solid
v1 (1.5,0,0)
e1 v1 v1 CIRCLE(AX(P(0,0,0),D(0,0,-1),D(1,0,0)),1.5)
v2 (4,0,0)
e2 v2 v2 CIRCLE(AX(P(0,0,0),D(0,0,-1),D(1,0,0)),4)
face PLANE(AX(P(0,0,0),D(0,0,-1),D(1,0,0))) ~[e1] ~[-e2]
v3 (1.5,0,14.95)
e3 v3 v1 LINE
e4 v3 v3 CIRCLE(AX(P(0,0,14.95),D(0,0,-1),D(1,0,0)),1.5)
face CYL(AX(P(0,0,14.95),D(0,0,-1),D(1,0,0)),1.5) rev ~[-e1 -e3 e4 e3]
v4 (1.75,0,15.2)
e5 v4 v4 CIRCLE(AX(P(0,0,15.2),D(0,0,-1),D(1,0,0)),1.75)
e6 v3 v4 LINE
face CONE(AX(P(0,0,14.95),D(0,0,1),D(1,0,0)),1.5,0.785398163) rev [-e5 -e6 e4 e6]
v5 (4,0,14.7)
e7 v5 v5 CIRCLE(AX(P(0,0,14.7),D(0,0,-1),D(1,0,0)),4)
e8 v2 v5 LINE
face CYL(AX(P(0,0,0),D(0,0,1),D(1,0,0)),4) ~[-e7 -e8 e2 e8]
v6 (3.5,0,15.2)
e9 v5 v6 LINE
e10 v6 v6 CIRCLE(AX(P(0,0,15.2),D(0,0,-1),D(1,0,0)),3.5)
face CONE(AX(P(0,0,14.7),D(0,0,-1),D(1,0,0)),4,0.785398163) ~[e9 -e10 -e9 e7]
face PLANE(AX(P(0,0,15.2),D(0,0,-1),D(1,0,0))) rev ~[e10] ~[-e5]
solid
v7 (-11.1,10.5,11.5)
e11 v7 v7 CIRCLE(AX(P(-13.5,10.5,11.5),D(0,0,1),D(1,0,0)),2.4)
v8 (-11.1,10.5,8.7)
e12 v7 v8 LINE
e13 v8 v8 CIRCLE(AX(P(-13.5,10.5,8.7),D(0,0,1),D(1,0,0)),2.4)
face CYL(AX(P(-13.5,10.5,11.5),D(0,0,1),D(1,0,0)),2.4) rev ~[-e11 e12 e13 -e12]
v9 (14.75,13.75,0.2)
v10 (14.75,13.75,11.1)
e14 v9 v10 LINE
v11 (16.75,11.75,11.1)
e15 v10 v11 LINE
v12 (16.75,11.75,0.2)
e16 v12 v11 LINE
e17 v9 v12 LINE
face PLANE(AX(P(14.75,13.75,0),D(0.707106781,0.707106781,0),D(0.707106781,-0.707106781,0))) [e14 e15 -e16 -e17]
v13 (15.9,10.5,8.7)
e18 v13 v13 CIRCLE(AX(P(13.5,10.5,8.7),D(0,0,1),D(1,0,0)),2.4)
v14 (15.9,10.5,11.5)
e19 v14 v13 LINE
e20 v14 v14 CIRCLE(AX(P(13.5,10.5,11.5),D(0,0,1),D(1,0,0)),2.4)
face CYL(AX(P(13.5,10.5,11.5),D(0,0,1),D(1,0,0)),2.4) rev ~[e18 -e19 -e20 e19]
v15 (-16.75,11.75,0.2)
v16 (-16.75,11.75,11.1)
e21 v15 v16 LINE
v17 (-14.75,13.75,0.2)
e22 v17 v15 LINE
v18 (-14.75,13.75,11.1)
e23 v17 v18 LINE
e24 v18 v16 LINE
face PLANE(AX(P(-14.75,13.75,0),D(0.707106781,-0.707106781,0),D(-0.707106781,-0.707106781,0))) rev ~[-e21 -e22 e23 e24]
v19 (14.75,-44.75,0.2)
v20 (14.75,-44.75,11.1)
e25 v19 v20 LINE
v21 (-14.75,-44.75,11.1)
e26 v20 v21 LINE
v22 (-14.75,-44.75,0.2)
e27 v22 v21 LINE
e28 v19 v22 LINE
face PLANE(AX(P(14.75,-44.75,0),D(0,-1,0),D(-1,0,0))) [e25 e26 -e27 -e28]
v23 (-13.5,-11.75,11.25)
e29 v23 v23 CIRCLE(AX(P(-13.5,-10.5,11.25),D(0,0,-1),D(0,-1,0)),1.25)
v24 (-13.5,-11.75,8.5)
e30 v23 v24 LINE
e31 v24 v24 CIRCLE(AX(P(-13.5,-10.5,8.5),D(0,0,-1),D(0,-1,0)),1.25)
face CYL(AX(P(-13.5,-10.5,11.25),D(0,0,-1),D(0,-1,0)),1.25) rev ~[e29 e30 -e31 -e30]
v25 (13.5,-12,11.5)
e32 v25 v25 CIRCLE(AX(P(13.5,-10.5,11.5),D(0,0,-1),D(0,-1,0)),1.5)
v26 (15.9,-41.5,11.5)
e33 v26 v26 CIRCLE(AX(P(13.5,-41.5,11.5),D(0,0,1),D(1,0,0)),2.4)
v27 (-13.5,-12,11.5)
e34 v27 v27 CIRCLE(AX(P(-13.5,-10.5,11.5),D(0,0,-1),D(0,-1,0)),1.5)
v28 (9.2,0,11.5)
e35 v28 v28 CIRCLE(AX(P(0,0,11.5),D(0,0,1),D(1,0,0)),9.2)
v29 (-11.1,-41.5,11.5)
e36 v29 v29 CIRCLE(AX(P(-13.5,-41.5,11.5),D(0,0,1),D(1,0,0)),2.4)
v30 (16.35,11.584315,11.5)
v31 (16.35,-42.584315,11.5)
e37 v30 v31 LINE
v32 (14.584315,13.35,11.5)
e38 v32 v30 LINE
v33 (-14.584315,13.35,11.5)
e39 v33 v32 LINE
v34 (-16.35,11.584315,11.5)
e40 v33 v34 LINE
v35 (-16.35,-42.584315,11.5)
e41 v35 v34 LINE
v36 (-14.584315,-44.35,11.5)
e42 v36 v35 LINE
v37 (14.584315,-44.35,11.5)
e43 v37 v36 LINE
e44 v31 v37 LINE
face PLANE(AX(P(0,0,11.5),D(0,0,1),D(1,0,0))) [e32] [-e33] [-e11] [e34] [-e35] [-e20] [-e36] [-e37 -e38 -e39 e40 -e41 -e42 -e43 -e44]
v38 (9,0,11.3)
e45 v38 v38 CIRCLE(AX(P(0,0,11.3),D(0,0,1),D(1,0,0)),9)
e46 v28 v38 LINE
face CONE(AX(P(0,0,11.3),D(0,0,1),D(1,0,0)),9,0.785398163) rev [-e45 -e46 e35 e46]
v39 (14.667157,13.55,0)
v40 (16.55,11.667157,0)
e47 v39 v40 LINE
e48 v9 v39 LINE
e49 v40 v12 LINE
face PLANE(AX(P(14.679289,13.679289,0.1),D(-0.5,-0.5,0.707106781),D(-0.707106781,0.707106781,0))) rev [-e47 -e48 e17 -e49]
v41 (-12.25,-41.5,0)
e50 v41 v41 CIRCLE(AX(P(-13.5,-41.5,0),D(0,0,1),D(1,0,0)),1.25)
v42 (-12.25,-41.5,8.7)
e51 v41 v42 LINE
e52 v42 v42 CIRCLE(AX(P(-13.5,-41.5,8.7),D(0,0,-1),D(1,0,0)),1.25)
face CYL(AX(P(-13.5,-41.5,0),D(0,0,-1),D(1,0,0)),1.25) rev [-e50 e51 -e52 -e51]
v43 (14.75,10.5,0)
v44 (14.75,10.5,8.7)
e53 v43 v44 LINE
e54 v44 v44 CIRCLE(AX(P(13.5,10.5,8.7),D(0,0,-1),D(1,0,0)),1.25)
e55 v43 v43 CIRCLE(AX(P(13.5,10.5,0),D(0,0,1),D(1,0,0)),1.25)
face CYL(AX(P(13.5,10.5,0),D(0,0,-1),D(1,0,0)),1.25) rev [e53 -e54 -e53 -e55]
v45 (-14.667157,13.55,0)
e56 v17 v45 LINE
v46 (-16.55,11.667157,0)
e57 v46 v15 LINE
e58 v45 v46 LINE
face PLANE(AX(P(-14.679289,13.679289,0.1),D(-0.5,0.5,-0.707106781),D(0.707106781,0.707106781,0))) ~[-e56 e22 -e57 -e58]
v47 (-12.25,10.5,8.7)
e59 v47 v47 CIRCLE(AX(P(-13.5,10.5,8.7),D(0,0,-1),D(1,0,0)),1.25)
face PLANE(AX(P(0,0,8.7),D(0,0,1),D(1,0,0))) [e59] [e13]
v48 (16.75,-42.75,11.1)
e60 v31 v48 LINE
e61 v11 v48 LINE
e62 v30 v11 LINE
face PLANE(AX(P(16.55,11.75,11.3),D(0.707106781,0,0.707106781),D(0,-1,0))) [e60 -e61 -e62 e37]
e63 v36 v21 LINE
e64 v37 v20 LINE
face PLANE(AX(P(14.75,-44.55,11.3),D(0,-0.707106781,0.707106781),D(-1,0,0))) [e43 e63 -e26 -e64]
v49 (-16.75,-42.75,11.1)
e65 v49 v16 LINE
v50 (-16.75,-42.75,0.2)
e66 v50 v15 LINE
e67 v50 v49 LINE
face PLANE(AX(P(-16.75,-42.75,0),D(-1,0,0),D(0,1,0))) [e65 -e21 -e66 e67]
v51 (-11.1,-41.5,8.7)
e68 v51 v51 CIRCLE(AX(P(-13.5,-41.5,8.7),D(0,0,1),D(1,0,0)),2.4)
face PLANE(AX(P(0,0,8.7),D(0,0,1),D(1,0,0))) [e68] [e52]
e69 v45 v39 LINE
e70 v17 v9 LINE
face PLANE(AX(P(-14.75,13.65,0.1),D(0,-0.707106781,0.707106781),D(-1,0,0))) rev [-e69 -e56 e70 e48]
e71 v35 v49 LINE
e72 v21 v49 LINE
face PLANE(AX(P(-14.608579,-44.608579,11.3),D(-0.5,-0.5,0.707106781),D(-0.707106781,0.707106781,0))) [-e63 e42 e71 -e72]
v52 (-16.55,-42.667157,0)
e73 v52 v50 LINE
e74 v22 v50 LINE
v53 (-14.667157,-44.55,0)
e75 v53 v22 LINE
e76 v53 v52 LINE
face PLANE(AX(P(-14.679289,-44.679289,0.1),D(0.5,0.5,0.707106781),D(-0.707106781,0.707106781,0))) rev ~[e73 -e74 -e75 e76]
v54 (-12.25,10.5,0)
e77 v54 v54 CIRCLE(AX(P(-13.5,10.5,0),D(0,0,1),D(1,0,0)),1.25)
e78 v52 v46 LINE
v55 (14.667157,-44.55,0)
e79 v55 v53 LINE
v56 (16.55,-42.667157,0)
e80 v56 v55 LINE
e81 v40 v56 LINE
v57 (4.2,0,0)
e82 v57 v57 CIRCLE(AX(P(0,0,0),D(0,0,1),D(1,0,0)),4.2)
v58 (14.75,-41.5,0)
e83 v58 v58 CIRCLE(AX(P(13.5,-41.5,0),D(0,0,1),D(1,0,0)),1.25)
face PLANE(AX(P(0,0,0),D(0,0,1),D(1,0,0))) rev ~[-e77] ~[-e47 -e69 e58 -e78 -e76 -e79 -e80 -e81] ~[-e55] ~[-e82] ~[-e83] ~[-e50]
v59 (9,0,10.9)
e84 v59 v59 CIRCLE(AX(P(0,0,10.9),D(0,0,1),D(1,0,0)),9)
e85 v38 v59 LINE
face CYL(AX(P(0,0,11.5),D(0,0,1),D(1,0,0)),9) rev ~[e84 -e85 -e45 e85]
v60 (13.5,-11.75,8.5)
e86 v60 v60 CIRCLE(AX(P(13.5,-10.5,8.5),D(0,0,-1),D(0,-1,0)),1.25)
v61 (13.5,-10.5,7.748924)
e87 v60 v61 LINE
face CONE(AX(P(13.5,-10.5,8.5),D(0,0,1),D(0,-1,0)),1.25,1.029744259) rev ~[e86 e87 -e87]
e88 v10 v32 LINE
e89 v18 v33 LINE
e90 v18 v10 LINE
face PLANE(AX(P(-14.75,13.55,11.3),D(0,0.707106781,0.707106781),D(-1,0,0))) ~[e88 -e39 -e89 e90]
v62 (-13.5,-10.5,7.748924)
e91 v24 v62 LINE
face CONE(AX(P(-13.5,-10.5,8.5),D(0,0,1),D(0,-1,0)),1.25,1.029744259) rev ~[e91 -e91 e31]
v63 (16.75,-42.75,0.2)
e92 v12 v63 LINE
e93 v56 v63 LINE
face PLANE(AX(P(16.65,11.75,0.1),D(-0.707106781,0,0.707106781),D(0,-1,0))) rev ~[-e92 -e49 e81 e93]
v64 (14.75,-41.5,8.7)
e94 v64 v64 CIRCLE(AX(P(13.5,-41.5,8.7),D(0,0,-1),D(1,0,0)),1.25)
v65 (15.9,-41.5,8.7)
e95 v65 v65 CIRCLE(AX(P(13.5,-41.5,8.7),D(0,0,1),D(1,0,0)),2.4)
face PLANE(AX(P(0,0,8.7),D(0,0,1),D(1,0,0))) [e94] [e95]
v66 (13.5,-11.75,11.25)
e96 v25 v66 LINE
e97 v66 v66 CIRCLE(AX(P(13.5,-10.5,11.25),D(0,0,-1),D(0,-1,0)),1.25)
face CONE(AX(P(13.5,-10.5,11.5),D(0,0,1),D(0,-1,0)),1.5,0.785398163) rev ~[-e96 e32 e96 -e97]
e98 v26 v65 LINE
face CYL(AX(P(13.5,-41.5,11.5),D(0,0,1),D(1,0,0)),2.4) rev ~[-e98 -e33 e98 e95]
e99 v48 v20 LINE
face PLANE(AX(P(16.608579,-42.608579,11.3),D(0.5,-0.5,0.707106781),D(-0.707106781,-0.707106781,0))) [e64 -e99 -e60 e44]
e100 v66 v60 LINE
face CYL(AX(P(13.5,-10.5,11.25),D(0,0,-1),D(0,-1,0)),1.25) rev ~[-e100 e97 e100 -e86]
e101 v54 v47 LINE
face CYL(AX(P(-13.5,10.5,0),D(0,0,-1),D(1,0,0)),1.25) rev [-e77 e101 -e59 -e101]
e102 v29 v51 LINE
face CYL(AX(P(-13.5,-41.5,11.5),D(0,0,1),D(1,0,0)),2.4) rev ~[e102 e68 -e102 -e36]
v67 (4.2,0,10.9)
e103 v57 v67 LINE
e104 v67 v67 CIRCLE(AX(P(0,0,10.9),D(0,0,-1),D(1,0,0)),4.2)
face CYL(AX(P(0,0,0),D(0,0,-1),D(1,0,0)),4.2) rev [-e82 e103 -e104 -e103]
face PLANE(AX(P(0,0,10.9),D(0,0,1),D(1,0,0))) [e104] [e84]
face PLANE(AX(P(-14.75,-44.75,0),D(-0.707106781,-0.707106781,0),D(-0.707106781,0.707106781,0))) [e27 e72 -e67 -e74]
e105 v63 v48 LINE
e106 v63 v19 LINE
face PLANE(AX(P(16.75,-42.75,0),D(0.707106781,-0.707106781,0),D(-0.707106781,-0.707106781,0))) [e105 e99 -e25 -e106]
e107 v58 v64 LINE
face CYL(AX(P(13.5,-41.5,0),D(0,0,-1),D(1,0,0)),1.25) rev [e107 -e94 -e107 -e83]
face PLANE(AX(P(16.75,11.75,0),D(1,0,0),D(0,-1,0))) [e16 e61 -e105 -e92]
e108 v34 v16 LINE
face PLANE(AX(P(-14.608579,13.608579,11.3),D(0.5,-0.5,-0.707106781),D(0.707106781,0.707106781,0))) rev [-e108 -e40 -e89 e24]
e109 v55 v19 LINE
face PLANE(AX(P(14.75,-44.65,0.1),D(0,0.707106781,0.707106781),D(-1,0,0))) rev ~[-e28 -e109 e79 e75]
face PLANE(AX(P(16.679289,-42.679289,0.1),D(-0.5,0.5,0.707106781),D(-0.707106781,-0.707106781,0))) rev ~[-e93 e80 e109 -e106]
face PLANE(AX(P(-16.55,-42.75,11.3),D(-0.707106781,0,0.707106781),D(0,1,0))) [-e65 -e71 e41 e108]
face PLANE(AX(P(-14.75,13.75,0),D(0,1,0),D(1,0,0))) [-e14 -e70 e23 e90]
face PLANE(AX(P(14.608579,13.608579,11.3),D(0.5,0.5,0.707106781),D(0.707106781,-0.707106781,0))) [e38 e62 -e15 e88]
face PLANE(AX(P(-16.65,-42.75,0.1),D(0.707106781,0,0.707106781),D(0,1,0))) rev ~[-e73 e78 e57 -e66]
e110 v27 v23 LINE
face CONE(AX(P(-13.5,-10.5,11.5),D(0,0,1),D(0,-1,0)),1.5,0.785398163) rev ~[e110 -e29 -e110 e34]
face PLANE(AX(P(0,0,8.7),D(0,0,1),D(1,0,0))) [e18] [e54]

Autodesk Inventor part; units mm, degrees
ref_plane "YZ Plane" through (0, 0, 0) normal (1, 0, 0) x (0, 1, 0)
ref_plane "XZ Plane" through (0, 0, 0) normal (0, 1, 0) x (-1, 0, 0)
ref_plane "XY Plane" through (0, 0, 0) normal (0, 0, 1) x (1, 0, 0)
sketch "スケッチ1" plane through (0, 0, 0) normal (0, 0, 1) x (1, 0, 0)
  line L0 (-14.75, 13.75) -> (14.75, 13.75)
  line L1 (16.75, 11.75) -> (16.75, -42.75)
  line L2 (14.75, -44.75) -> (-14.75, -44.75)
  line L3 (-16.75, -42.75) -> (-16.75, 11.75)
  line L4 (-14.75, 13.75) -> (-16.75, 11.75)
  line L5 (14.75, 13.75) -> (16.75, 11.75)
  line L6 (16.75, -42.75) -> (14.75, -44.75)
  line L7 (-14.75, -44.75) -> (-16.75, -42.75)
  line L8 (0, 0) -> (0, -49.9081) construction
  circle A0 centre (0, 0) radius 13 construction
  line L9 (-13.5, 10.5) -> (13.5, 10.5) construction
  line L10 (13.5, 10.5) -> (13.5, -41.5) construction
  line L11 (13.5, -41.5) -> (-13.5, -41.5) construction
  line L12 (-13.5, -41.5) -> (-13.5, 10.5) construction
  circle A1 centre (-13.5, 10.5) radius 1.25
  circle A2 centre (13.5, 10.5) radius 1.25
  circle A3 centre (13.5, -41.5) radius 1.25
  circle A4 centre (-13.5, -41.5) radius 1.25
  circle A5 centre (0, 0) radius 4.2
  point P0 (-16.75, 13.75)
  point P1 (16.75, -44.75)
  point P2 (16.75, 13.75)
  point P3 (-16.75, -44.75)
  dimension "d0" = 2
  dimension "d1" = 2
  dimension "d2" = 2
  dimension "d3" = 2
  dimension "d4" = 2
  dimension "d5" = 2
  dimension "d6" = 2
  dimension "d7" = 2
  dimension "d8" = 33.5
  dimension "d9" = 26
  dimension "d10" = 13.75
  dimension "d11" = 58.5
  dimension "d24" = 27
  dimension "d25" = 10.5
  dimension "d26" = 52
  dimension "d27" = 2.5
  dimension "d31" = 8.4
extrude "押し出し1" add sketch "スケッチ1" along normal blind 11.5
sketch "スケッチ6" plane through (0, 0, 11.5) normal (0, 0, 1) x (1, 0, 0)
  line L0 (0, 0) -> (-21.0529, 0) construction
  line L1 (0, 0) -> (0, -16.0256) construction
  circle A0 centre (-13.5, 10.5) radius 1.25 construction
  line L2 (-13.5, 10.5) -> (-13.5, -10.5) construction
  point P0 (13.5, -10.5)
  dimension "d48" = 21
hole "穴1" at (13.5, -10.5, 11.5) at (-13.5, -10.5, 11.5) direction (0, 0, -1) diameter 2.5 depth 3 tip angle 118 countersink diameter 3 countersink angle 90
sketch "スケッチ2" plane through (0, 0, 11.5) normal (0, 0, 1) x (1, 0, 0)
  line L0 (-13.5, 10.5) -> (13.5, 10.5) construction
  line L1 (13.5, 10.5) -> (13.5, -41.5) construction
  line L2 (13.5, -41.5) -> (-13.5, -41.5) construction
  line L3 (-13.5, -41.5) -> (-13.5, 10.5) construction
  line L4 (0, 0) -> (0, 31.2445) construction
  circle A0 centre (13.5, 10.5) radius 2.4
  circle A1 centre (13.5, -41.5) radius 2.4
  circle A2 centre (-13.5, -41.5) radius 2.4
  circle A3 centre (-13.5, 10.5) radius 2.4
  dimension "d18" = 27
  dimension "d19" = 10.5
  dimension "d20" = 52
  dimension "d21" = 4.8
extrude "押し出し2" cut sketch "スケッチ2" against normal blind 2.8
sketch "スケッチ3" plane through (0, 0, 11.5) normal (0, 0, 1) x (1, 0, 0)
  circle A0 centre (0, 0) radius 9
  dimension "d28" = 18
extrude "押し出し3" cut sketch "スケッチ3" against normal blind 0.6
chamfer "面取り1" distance 0.2 angle 45 9 edges at (-9, 0, 11.5) (-15.75, -43.75, 0) (-16.75, -15.5, 0) (0, -44.75, 0) (15.75, -43.75, 0) (16.75, -15.5, 0) (15.75, 12.75, 0) (0, 13.75, 0) (-15.75, 12.75, 0)
chamfer "面取り2" distance 0.4 angle 45 8 edges at (-16.75, -15.5, 11.5) (-15.75, 12.75, 11.5) (0, 13.75, 11.5) (15.75, 12.75, 11.5) (16.75, -15.5, 11.5) (15.75, -43.75, 11.5) (0, -44.75, 11.5) (-15.75, -43.75, 11.5)
sketch "スケッチ4" plane through (0, 0, 0) normal (0, 1, 0) x (-1, 0, 0)
  line L0 (0, 0) -> (-1.5, 0) construction
  line L1 (-4, 0) -> (-4, 14.7)
  line L2 (-3.5, 15.2) -> (-1.75, 15.2)
  line L3 (0, 15.2) -> (0, 0) construction
  line L4 (-4, 14.7) -> (-3.5, 15.2)
  line L5 (-14.75, 11.5) -> (14.75, 11.5) construction
  line L6 (-1.5, 14.95) -> (-1.5, 0)
  line L7 (-1.5, 14.95) -> (-1.75, 15.2)
  line L8 (-1.5, 0) -> (-4, 0)
  point P0 (-4, 15.2)
  point P1 (-1.5, 15.2)
  point P2 (-1.5, 15.2)
  dimension "d32" = 0.5
  dimension "d33" = 0.5
  dimension "d34" = 8
  dimension "d35" = 3.7
  dimension "d45" = 3
  dimension "d46" = 0.25
  dimension "d47" = 0.25
revolve "回転1" add sketch "スケッチ4" angle 360 about axis through (0, 0, 15.2) along (0, 0, -1)
equation "\"d1\" = d0"
equation "\"d2\" = d0"
equation "\"d3\" = d2"
equation "\"d4\" = d0"
equation "\"d5\" = d4"
equation "\"d6\" = d0"
equation "\"d7\" = d6"
equation "\"d33\" = d32"
equation "\"d47\" = d46"
properties part number "XM540_HOUSING_TOP"
